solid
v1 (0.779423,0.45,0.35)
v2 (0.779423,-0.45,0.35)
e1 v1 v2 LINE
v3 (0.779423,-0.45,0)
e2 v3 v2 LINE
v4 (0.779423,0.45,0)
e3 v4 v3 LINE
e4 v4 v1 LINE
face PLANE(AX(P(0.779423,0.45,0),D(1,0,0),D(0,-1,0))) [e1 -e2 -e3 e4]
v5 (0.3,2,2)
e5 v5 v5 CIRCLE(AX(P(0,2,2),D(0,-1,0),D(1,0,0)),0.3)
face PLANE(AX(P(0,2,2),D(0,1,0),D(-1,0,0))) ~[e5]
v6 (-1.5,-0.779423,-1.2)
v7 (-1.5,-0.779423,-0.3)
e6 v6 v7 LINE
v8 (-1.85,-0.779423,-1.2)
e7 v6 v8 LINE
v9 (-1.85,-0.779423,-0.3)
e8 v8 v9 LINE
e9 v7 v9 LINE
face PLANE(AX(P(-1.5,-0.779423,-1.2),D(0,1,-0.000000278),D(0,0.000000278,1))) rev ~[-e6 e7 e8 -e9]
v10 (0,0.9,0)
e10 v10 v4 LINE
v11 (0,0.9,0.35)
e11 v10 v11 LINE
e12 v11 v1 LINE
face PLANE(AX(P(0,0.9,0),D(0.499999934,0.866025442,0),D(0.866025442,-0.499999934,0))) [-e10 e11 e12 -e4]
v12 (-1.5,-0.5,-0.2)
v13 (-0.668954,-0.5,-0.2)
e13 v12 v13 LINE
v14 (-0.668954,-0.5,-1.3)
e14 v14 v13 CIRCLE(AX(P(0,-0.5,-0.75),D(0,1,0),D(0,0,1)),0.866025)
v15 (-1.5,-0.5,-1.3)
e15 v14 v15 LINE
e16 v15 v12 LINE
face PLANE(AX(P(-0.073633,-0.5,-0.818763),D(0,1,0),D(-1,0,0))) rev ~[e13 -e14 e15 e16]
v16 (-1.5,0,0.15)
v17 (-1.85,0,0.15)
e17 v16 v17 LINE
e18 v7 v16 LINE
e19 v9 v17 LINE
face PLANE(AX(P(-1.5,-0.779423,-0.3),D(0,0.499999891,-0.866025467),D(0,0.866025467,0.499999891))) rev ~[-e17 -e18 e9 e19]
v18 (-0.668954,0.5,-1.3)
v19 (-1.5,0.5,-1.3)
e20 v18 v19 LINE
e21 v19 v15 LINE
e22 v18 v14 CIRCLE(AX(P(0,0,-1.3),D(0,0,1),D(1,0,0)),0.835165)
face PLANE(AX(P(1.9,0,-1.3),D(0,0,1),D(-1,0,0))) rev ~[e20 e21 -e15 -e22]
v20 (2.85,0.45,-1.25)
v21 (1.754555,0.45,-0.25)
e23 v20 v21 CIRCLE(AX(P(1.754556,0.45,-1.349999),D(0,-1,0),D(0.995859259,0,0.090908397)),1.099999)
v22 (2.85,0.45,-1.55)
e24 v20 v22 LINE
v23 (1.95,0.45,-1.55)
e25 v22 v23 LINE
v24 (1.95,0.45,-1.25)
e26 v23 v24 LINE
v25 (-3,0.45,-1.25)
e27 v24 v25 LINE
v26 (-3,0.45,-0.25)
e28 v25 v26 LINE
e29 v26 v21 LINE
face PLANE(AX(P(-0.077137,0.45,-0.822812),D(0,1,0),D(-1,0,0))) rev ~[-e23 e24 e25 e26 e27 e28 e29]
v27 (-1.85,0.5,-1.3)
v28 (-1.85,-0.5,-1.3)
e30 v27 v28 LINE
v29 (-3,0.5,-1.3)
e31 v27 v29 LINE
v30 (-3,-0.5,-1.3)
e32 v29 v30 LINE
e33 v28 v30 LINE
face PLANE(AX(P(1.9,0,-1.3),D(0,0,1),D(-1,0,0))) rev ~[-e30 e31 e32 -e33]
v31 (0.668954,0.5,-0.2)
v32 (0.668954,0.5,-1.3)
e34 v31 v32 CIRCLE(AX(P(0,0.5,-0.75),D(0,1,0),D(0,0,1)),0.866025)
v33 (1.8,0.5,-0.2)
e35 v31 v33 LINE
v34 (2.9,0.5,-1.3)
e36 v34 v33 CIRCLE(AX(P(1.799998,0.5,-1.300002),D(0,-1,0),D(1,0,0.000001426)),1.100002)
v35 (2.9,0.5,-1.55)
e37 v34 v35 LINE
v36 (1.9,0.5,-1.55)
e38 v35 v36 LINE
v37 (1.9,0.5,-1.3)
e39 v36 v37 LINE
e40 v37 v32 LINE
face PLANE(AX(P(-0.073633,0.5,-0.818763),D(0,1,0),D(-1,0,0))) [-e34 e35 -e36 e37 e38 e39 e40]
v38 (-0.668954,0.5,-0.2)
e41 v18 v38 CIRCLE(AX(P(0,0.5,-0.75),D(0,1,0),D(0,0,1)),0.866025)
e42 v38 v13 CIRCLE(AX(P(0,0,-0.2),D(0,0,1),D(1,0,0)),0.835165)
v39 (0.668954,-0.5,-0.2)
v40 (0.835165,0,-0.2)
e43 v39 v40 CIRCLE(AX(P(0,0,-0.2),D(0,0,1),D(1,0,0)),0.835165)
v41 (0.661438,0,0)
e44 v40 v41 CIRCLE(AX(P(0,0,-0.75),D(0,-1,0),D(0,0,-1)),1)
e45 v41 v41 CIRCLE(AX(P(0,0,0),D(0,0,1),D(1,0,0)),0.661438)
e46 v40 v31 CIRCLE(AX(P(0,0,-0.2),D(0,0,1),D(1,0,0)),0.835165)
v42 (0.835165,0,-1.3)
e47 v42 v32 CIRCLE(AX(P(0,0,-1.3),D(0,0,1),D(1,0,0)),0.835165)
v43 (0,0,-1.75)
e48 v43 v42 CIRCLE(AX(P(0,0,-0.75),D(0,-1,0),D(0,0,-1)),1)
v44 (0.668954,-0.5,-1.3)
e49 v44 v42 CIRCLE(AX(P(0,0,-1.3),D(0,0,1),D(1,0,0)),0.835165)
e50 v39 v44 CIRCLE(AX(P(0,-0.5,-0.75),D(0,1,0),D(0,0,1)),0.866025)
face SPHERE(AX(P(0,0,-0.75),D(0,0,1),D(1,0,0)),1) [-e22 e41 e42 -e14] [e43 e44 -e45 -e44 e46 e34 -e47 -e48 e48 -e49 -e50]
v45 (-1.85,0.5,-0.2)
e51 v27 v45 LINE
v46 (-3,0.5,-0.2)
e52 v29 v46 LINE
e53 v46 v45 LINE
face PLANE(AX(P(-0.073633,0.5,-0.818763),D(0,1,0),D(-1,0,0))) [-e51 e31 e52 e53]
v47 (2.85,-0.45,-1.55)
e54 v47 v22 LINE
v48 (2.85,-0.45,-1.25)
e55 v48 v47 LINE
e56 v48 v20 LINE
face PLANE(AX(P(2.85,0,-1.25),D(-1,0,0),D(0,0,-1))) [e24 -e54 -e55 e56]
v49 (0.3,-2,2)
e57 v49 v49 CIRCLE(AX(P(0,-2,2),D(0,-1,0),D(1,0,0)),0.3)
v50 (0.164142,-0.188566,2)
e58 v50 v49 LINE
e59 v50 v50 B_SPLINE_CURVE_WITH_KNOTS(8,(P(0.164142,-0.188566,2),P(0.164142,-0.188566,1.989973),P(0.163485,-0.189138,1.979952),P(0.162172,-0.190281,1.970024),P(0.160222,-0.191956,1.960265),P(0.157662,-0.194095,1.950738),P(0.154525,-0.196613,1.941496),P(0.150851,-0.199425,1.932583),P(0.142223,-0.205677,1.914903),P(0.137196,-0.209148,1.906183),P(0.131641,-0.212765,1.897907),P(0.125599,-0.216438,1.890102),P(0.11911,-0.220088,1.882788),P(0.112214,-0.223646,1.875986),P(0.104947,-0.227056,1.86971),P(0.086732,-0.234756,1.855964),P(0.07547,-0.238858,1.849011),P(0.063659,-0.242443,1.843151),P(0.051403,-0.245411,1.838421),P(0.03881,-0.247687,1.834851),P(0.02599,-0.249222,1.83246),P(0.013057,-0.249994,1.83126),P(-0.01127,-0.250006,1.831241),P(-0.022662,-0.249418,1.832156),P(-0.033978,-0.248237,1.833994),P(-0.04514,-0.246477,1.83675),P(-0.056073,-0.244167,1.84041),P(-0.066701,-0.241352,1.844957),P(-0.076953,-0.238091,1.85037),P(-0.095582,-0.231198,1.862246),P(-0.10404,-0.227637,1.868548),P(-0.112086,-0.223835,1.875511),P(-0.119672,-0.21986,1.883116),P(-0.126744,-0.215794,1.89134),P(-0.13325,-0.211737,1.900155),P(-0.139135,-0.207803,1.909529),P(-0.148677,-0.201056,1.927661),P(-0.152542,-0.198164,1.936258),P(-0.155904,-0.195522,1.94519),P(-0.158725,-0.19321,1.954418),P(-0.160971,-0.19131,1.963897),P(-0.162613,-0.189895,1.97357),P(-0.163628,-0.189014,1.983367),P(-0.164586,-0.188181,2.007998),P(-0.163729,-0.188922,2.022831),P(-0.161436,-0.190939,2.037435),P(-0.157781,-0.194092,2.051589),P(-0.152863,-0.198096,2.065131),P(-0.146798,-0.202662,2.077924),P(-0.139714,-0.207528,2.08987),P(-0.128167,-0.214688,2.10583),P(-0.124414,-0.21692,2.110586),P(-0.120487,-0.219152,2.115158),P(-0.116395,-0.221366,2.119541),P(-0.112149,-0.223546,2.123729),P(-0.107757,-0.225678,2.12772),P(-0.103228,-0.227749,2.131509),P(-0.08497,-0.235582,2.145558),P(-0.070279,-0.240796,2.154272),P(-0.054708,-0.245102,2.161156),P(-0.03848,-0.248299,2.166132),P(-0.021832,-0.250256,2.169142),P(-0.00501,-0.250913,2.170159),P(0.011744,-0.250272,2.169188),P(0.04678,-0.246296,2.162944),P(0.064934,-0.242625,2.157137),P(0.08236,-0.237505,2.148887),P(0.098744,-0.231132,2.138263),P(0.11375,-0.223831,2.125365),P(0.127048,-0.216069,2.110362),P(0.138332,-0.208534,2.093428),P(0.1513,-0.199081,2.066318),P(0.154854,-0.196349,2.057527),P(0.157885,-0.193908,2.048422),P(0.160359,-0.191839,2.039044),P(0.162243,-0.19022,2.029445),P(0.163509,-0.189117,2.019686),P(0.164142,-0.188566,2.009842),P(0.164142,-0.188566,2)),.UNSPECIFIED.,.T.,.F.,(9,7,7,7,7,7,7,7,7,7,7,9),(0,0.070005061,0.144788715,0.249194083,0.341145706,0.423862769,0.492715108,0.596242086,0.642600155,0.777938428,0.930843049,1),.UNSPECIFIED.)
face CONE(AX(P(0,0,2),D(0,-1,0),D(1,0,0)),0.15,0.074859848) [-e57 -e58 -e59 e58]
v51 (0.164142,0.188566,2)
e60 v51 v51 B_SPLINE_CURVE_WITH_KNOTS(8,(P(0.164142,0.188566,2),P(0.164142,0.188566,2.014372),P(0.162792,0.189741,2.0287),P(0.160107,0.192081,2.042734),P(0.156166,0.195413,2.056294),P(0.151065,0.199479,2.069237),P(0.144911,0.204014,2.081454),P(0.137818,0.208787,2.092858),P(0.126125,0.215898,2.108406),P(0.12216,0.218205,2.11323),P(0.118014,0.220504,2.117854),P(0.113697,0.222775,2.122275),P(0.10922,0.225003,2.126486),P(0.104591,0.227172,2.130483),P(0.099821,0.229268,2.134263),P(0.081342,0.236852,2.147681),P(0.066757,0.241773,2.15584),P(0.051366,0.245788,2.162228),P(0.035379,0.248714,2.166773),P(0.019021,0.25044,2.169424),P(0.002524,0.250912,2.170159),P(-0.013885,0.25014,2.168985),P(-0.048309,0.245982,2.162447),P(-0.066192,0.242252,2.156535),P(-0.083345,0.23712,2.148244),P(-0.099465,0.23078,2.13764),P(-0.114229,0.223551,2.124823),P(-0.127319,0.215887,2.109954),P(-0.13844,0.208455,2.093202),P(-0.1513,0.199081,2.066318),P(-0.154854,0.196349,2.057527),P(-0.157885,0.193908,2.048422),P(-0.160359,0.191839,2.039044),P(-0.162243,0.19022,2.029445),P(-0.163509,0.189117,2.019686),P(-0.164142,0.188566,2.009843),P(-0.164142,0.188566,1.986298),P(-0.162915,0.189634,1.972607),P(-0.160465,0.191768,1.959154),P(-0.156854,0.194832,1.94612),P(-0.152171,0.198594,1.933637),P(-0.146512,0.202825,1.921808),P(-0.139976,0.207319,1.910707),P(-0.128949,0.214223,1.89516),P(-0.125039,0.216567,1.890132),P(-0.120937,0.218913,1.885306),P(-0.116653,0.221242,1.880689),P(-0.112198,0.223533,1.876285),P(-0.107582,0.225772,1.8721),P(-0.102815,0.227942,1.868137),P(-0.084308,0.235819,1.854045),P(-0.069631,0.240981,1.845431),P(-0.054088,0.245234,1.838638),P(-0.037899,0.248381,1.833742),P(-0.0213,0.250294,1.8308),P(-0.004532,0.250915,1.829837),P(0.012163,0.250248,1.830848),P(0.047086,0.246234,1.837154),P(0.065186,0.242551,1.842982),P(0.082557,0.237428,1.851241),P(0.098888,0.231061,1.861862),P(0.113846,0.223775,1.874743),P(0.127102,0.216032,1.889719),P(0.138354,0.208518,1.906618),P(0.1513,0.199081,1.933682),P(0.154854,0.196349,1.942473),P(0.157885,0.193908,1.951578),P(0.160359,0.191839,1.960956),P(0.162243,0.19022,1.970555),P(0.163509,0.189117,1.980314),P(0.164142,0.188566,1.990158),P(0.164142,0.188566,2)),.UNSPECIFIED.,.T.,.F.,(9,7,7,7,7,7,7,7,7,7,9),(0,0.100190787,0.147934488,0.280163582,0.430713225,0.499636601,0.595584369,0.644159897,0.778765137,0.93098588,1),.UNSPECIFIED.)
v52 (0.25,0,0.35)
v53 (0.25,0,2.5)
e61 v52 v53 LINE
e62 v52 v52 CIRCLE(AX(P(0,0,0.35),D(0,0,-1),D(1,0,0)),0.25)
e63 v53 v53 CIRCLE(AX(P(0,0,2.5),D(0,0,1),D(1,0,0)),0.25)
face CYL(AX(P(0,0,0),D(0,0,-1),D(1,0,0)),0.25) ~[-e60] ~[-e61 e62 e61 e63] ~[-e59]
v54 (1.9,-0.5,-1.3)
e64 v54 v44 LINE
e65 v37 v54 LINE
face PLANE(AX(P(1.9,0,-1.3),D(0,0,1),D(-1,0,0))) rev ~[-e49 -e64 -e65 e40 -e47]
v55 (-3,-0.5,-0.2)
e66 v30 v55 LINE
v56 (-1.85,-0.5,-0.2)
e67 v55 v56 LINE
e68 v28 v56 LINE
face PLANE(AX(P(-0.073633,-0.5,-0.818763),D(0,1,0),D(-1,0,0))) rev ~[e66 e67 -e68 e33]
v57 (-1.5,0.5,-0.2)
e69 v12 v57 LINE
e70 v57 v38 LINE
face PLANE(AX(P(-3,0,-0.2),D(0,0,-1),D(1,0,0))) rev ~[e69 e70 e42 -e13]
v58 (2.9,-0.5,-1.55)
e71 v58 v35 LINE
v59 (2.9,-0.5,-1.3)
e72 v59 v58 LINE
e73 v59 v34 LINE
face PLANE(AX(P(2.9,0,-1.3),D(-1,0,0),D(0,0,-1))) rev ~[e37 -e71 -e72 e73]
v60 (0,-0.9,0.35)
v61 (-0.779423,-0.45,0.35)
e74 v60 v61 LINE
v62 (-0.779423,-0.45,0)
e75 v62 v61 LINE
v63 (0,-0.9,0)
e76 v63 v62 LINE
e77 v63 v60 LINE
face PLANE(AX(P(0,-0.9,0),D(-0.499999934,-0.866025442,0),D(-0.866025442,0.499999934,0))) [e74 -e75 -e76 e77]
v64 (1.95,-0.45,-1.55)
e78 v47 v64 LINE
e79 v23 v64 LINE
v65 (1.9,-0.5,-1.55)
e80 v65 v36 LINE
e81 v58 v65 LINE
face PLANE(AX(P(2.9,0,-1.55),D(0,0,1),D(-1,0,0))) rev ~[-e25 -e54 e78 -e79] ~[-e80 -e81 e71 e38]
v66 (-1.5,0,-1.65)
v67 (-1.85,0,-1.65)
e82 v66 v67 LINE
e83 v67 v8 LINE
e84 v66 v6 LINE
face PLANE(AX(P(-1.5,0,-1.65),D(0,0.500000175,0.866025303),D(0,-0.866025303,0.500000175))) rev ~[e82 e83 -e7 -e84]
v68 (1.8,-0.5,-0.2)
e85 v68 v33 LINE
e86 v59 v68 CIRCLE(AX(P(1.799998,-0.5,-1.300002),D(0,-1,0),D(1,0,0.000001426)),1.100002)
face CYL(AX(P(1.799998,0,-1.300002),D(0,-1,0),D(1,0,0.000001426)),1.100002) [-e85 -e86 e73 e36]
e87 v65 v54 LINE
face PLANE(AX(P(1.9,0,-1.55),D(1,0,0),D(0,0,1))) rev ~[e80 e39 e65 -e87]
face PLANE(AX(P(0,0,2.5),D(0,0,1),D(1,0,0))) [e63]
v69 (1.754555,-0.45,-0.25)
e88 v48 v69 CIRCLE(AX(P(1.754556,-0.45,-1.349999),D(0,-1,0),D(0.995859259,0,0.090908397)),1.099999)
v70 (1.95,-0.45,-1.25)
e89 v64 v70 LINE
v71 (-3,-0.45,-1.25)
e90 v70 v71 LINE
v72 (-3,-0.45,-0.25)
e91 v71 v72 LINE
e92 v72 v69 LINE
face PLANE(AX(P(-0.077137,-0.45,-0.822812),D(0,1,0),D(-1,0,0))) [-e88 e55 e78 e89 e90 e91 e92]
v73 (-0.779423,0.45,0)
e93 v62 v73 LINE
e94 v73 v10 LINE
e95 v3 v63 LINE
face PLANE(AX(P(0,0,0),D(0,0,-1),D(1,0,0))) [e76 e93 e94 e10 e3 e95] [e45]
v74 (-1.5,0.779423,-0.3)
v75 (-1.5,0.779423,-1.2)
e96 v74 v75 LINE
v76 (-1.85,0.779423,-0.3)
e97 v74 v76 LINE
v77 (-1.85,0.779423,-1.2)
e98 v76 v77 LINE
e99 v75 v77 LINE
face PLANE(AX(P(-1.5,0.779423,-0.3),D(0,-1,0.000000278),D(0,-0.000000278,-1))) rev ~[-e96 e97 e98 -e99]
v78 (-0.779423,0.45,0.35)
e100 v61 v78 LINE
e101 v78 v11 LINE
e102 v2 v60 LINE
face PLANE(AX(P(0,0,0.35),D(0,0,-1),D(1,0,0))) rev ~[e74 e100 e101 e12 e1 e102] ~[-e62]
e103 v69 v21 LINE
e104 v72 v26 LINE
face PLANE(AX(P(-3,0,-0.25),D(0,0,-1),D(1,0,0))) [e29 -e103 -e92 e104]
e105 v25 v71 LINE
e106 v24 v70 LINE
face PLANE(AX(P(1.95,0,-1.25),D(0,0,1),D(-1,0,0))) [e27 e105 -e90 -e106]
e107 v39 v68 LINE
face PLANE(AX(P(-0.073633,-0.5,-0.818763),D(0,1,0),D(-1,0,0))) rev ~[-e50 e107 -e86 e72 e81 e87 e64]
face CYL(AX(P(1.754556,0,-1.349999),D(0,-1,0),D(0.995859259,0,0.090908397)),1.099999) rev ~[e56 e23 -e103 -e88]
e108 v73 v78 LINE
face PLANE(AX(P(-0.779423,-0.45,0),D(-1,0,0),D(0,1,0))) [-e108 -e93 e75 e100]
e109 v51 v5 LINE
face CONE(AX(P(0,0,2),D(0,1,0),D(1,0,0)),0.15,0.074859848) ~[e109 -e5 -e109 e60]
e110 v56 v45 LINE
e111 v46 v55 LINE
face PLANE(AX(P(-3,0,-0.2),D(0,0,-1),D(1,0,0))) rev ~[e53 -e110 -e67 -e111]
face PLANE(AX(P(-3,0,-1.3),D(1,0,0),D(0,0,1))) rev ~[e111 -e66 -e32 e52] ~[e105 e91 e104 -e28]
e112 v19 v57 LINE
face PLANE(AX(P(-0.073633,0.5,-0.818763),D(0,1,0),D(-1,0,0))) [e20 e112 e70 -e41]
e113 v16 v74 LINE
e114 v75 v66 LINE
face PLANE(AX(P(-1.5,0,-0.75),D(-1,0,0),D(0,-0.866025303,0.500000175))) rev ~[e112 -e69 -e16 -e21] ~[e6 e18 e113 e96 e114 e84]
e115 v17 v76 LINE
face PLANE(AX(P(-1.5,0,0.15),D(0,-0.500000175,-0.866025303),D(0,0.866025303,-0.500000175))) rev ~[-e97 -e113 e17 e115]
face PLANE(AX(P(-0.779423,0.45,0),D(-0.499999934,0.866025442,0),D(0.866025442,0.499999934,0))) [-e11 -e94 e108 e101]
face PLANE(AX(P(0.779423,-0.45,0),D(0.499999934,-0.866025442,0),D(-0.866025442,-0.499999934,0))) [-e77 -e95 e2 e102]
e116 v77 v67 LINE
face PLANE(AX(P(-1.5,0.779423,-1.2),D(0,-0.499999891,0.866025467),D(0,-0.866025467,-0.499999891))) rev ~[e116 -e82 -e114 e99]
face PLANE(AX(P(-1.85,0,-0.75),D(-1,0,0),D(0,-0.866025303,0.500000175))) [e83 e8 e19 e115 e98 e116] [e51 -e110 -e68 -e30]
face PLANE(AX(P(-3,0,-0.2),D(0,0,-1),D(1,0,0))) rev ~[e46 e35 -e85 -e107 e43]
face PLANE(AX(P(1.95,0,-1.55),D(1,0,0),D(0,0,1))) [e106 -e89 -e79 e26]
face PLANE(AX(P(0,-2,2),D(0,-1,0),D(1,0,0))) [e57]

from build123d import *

# Parameters (mm, degrees)
CYLINDER_R     = 0.25
CYLINDER_DEPTH = 2.5
PAD_DEPTH      = 0.35
PAD001_DEPTH   = 0.5
PRISM_DEPTH    = 0.35
PAD002_DEPTH   = 0.45
POCKET_DEPTH   = 0.45


with BuildPart() as part:
    # Cylinder → Cylinder (join)
    with BuildSketch(Plane.XY):
        Circle(CYLINDER_R)
    extrude(amount=CYLINDER_DEPTH)

    # Cone → Cone (revolve)
    with BuildSketch(Plane(origin=(0, 0, 2), x_dir=(1, 0, 0), z_dir=(0, 0, -1))):
        Polygon((0, 0), (0.15, 0), (0.3, 2), (0, 2), align=None)
    cone = revolve(axis=Axis((0, 0, 2), (0, -1, 0)))

    # Mirrored: Cone across XZ
    add(cone.mirror(Plane.XZ))

    # Sketch (on Face1 of Mirrored) → Pad (join)
    with BuildSketch(Plane(origin=(0, 0, 0), x_dir=(1, 0, 0), z_dir=(0, 0, -1))):
        Polygon((0.779423, -0.45), (0.779423, 0.45), (0, 0.9), (-0.779423, 0.45), (-0.779423, -0.45), (0, -0.9), align=None)
    extrude(amount=-PAD_DEPTH)

    # Sphere → Sphere (revolve)
    with BuildSketch(Plane(origin=(0, 0, -0.75), x_dir=(1, 0, 0), z_dir=(0, -1, 0))):
        with BuildLine():
            ThreePointArc((0, -1), (1, 0), (0, 1))
            Line((0, 1), (0, -1))
        make_face()
    revolve(axis=Axis((0, 0, -0.75), (0, 0, 1)))

    # Sketch001 (on Sphere) → Pad001 (join, symmetric)
    with BuildSketch(Plane(origin=(0, 0, -0.75), x_dir=(1, 0, 0), z_dir=(0, -1, 0))):
        with BuildLine():
            Line((-3, 0.55), (1.8, 0.55))
            ThreePointArc((2.9, -0.55), (2.577817, 0.227817), (1.8, 0.55))
            Line((2.9, -0.55), (2.9, -0.8))
            Line((2.9, -0.8), (1.9, -0.8))
            Line((1.9, -0.8), (1.9, -0.55))
            Line((1.9, -0.55), (-3, -0.55))
            Line((-3, -0.55), (-3, 0.55))
        make_face()
    extrude(amount=PAD001_DEPTH, both=True)

    # Prism → Prism (join)
    with BuildSketch(Plane(origin=(-1.5, 0, -0.75), x_dir=(0, -0.866025, 0.5), z_dir=(-1, 0, 0))):
        Polygon((0.9, 0), (0.45, 0.779423), (-0.45, 0.779423), (-0.9, 0), (-0.45, -0.779423), (0.45, -0.779423), align=None)
    extrude(amount=PRISM_DEPTH)

    # Sketch002 (on Sphere) → Pad002 (join, symmetric)
    with BuildSketch(Plane(origin=(0, 0, -0.75), x_dir=(1, 0, 0), z_dir=(0, -1, 0))):
        with BuildLine():
            Line((-3, -0.5), (-3, 0.5))
            Line((-3, 0.5), (1.754555, 0.5))
            ThreePointArc((2.85, -0.5), (2.496175, 0.212404), (1.754555, 0.5))
            Line((2.85, -0.5), (2.85, -0.8))
            Line((2.85, -0.8), (1.95, -0.8))
            Line((1.95, -0.8), (1.95, -0.5))
            Line((1.95, -0.5), (-3, -0.5))
        make_face()
    extrude(amount=PAD002_DEPTH, both=True)

    # Sketch002 (on Sphere) → Pocket (cut, symmetric)
    with BuildSketch(Plane(origin=(0, 0, -0.75), x_dir=(1, 0, 0), z_dir=(0, -1, 0))):
        with BuildLine():
            Line((-3, -0.5), (-3, 0.5))
            Line((-3, 0.5), (1.754555, 0.5))
            ThreePointArc((2.85, -0.5), (2.496175, 0.212404), (1.754555, 0.5))
            Line((2.85, -0.5), (2.85, -0.8))
            Line((2.85, -0.8), (1.95, -0.8))
            Line((1.95, -0.8), (1.95, -0.5))
            Line((1.95, -0.5), (-3, -0.5))
        make_face()
    extrude(amount=POCKET_DEPTH, both=True, mode=Mode.SUBTRACT)


solid = part.part
